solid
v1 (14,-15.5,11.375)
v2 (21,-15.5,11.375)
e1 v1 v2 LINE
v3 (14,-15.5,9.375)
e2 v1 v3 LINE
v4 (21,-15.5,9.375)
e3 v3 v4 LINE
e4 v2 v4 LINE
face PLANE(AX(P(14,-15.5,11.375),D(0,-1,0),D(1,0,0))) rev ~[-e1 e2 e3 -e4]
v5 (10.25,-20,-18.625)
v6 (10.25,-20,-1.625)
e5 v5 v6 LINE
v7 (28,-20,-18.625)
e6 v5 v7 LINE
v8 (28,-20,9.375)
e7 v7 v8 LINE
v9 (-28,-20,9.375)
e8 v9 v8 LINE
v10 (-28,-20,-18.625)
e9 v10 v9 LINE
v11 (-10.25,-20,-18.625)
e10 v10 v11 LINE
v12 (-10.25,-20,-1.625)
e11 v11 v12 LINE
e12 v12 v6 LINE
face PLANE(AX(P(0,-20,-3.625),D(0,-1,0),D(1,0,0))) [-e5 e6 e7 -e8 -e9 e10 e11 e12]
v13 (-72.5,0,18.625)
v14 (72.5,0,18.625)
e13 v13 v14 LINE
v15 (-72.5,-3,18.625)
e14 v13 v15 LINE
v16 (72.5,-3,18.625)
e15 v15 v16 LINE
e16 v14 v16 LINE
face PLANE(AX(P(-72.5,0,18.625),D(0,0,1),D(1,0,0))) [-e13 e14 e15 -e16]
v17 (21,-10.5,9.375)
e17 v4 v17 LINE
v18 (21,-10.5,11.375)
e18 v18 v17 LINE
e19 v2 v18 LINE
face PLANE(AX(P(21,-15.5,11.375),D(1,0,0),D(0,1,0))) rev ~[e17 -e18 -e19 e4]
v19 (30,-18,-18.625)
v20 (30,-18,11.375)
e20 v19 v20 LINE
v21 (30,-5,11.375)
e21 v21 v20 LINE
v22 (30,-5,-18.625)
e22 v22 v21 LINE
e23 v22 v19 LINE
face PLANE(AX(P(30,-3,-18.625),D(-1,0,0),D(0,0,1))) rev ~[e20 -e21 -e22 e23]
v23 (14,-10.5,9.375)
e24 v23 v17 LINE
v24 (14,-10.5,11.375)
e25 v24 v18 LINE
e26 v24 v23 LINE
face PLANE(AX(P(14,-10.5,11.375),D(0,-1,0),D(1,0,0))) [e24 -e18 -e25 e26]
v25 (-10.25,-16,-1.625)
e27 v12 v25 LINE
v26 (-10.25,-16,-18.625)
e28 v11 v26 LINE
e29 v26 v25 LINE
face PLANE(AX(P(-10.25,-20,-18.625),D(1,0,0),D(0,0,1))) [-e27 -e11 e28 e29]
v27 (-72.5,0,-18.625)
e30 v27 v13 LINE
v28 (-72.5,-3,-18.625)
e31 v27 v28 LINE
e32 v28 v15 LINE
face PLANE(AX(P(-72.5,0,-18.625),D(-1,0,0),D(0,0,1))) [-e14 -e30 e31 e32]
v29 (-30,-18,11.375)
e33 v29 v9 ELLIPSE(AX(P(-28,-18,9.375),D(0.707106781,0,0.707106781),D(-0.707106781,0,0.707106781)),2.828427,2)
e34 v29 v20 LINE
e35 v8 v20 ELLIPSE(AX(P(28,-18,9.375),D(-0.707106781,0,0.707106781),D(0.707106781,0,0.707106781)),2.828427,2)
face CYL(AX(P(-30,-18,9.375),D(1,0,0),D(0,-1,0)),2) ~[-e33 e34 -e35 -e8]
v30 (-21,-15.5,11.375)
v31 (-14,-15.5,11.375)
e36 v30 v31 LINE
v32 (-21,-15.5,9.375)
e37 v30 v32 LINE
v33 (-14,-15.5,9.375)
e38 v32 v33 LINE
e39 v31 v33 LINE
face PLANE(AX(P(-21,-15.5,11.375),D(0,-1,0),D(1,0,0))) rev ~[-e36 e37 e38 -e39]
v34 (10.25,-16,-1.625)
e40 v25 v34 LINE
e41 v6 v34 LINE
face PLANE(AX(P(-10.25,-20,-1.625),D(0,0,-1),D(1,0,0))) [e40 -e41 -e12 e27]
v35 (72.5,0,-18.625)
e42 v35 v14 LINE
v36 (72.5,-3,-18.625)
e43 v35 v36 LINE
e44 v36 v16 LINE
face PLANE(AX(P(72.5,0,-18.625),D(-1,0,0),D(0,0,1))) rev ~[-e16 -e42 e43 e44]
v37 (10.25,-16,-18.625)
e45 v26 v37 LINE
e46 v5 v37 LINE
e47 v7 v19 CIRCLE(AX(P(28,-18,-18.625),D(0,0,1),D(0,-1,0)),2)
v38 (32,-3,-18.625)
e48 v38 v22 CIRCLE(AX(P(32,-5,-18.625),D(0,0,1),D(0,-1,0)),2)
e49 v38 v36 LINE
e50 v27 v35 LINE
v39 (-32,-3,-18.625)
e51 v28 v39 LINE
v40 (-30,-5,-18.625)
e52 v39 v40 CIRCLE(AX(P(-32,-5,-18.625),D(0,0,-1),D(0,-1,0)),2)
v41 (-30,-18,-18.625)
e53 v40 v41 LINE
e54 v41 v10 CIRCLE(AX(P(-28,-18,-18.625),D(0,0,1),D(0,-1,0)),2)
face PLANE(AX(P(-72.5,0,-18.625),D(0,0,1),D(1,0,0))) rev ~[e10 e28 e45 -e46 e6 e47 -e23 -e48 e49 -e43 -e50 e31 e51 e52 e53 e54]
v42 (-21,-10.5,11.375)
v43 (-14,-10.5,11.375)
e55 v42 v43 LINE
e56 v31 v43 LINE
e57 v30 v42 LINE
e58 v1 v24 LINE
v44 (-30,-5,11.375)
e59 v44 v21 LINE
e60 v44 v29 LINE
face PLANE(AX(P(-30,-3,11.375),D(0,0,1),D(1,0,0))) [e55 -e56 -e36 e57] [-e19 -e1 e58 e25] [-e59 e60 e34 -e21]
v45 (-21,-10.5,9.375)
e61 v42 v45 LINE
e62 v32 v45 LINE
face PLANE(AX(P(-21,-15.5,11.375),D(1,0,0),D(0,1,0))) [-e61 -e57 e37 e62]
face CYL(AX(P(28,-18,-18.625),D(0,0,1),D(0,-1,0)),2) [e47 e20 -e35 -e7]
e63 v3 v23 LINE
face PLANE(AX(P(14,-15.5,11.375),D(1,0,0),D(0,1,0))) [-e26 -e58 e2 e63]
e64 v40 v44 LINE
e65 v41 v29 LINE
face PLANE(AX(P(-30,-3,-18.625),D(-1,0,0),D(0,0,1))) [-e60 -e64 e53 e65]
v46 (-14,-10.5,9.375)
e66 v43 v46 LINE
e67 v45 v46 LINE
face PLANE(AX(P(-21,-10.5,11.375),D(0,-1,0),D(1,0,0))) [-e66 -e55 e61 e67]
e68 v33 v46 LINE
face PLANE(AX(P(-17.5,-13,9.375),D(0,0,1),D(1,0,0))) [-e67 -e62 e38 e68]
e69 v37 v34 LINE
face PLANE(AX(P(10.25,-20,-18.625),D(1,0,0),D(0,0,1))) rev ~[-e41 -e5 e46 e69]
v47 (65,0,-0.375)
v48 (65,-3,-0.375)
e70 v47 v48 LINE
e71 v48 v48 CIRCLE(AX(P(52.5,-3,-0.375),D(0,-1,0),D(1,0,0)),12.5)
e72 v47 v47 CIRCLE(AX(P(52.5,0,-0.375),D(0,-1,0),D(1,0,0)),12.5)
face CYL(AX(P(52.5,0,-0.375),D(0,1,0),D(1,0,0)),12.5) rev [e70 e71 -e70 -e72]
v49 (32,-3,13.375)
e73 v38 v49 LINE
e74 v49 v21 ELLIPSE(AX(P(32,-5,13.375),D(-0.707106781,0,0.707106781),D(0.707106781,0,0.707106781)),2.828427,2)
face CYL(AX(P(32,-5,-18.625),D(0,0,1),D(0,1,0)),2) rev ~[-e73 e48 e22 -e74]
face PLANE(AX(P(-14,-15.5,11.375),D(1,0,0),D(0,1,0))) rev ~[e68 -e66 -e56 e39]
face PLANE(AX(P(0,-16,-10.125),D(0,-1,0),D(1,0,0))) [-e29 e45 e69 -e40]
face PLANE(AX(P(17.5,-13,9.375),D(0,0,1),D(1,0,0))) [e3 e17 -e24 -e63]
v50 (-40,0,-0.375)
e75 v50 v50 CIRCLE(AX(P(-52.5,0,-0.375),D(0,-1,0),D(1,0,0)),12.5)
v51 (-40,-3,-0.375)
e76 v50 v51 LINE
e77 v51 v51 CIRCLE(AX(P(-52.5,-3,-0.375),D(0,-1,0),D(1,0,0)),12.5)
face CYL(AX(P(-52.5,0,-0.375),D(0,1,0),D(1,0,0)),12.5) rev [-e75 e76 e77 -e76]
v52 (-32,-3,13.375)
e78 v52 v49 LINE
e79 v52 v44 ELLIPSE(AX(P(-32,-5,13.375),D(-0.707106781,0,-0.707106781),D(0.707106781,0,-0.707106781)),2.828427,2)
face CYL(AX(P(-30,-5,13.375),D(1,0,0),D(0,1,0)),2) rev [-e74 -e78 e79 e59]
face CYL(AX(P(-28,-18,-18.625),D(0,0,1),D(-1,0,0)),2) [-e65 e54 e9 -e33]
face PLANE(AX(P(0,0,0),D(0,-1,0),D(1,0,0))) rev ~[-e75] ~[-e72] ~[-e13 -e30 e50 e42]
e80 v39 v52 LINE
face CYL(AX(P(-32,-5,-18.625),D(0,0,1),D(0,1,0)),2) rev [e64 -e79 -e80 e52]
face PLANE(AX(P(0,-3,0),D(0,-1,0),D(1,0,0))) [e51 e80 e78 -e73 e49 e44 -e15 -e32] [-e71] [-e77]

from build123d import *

# Parameters (mm, degrees)
F0_W     = 145
F0_H     = 37.25
F0_R     = 12.5
F1_DEPTH = 3
F2_W     = 60
F2_H     = 30
F3_DEPTH = 17
F4_W     = 7
F4_H     = 5
F5_DEPTH = 2
F6_R     = 2
F7_W     = 20.5
F7_H     = 17
F8_DEPTH = 4


with BuildPart() as f1:
    # F0 (on Front) → F1 (new body)
    with BuildSketch(Plane.XZ):
        Rectangle(F0_W, F0_H)
        with Locations((-52.5, -0.375)):
            Circle(F0_R, mode=Mode.SUBTRACT)
        with Locations((52.5, -0.375)):
            Circle(F0_R, mode=Mode.SUBTRACT)
    extrude(amount=F1_DEPTH)

    # F2 (on face) → F3 (join)
    with BuildSketch(Plane.XZ.offset(3)):
        with Locations((0, -3.625)):
            Rectangle(F2_W, F2_H)
    extrude(amount=F3_DEPTH)

    # F4 (on face) → F5 (cut)
    with BuildSketch(Plane.XY.offset(11.375)):
        with Locations((-17.5, -13)):
            Rectangle(F4_W, F4_H)
        with Locations((17.5, -13)):
            Rectangle(F4_W, F4_H)
    extrude(amount=-F5_DEPTH, mode=Mode.SUBTRACT)

    # F6
    f6_edges = [f1.edges().sort_by_distance(p)[0] for p in [
        (0, -3, 11.375),
        (30, -3, -3.625),
        (-30, -3, -3.625),
        (-30, -20, -3.625),
        (0, -20, 11.375),
        (30, -20, -3.625),
    ]]
    fillet(f6_edges, radius=F6_R)

    # F7 (on face) → F8 (cut)
    with BuildSketch(Plane.XZ.offset(20)):
        with Locations((0, -10.125)):
            Rectangle(F7_W, F7_H)
    extrude(amount=-F8_DEPTH, mode=Mode.SUBTRACT)


solid = f1.part
